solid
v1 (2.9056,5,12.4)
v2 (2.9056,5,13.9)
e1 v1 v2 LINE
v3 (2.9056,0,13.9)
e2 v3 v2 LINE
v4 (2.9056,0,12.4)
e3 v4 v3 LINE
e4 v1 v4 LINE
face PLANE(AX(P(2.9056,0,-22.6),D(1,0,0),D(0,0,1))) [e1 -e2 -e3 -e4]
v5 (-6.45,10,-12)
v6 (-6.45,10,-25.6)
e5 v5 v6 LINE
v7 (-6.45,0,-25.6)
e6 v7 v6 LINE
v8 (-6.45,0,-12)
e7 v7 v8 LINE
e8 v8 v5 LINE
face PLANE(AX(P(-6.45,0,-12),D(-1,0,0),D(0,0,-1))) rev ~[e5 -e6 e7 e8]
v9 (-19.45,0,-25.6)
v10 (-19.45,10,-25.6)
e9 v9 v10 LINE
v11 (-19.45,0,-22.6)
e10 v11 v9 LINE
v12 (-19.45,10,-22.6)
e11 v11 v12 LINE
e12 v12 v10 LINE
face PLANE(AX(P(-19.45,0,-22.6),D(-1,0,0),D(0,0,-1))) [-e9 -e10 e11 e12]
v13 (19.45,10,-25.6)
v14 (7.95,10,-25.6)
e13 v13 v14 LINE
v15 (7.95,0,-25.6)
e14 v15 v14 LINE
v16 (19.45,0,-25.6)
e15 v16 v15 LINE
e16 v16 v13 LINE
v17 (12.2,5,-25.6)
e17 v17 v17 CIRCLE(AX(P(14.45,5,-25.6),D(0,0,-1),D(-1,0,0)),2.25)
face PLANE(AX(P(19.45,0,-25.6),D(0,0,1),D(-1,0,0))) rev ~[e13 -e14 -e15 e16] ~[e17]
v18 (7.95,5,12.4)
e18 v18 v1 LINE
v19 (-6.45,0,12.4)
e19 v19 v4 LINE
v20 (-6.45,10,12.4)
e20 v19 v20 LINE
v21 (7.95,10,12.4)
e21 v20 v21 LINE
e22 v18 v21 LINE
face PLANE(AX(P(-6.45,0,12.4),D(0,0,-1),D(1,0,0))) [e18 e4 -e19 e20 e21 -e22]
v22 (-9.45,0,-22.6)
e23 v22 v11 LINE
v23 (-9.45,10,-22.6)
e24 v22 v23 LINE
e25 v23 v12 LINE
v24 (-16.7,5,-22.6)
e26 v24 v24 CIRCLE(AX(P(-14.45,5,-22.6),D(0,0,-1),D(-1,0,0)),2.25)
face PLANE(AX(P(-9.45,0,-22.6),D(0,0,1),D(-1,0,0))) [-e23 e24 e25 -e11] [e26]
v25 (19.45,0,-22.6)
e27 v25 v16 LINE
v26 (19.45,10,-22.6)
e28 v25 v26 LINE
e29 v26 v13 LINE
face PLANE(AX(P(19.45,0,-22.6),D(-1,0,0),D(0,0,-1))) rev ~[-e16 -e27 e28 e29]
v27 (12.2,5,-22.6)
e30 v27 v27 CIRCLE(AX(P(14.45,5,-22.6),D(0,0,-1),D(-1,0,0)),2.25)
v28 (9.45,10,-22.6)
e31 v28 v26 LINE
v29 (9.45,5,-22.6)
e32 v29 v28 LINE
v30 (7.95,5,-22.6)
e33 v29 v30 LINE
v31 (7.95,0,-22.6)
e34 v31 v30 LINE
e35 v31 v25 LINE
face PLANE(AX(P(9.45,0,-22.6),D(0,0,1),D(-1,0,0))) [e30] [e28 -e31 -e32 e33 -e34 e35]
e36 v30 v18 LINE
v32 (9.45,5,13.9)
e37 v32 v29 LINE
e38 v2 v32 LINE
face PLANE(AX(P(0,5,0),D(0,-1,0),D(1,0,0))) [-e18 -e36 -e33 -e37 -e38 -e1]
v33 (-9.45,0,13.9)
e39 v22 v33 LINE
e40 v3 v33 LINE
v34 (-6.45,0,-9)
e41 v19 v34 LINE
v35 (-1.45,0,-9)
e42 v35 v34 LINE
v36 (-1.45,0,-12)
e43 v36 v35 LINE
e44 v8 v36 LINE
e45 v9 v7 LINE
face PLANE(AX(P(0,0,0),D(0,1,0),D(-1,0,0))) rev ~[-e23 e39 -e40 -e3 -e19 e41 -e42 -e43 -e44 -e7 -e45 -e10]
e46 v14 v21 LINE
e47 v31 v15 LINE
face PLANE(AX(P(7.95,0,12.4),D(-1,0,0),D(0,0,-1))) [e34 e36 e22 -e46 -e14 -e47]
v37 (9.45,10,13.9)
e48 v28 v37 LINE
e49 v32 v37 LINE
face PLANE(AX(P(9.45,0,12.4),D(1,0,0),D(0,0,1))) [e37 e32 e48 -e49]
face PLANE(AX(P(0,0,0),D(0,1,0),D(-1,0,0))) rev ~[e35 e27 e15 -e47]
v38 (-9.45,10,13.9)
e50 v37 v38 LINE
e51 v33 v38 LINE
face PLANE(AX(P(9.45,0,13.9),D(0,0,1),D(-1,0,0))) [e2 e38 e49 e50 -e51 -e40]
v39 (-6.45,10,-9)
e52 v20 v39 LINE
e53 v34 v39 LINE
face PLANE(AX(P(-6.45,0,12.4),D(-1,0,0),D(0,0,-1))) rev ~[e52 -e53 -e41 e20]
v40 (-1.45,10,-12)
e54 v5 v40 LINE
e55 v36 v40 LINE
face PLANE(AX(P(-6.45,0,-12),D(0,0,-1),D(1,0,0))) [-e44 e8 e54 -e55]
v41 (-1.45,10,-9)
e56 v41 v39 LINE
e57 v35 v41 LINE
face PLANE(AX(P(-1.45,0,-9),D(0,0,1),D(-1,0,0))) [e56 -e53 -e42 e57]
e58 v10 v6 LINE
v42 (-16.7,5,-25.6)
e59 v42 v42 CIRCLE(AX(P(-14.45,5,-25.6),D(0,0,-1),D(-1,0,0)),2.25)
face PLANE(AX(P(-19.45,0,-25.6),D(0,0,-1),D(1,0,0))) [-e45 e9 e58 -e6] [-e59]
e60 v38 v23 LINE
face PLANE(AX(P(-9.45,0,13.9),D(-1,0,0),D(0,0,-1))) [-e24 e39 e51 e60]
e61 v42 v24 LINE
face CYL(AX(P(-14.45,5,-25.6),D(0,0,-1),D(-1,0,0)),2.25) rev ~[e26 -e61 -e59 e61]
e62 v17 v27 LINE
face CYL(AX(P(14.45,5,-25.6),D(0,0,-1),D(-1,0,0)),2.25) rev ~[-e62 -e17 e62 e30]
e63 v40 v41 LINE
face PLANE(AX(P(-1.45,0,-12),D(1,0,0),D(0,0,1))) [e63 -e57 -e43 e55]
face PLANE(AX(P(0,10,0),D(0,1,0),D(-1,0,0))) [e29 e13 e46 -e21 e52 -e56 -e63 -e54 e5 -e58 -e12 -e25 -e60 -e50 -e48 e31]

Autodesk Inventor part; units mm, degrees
ref_plane "YZ Plane" through (0, 0, 0) normal (1, 0, 0) x (0, 1, 0)
ref_plane "XZ Plane" through (0, 0, 0) normal (0, 1, 0) x (-1, 0, 0)
ref_plane "XY Plane" through (0, 0, 0) normal (0, 0, 1) x (1, 0, 0)
sketch "Sketch1" plane through (0, 0, 0) normal (0, 1, 0) x (-1, 0, 0)
  line L0 (-9.45, 13.9) -> (9.45, 13.9)
  line L1 (9.45, 13.9) -> (9.45, 12.4)
  line L2 (9.45, 12.4) -> (-9.45, 12.4)
  line L3 (-9.45, 12.4) -> (-9.45, 13.9)
  line L4 (9.45, 12.4) -> (6.45, 12.4)
  line L5 (6.45, 12.4) -> (6.45, -9)
  line L6 (6.45, -9) -> (9.45, -9)
  line L7 (9.45, -9) -> (9.45, 12.4)
  line L8 (-9.45, 12.4) -> (-7.95, 12.4)
  line L9 (-7.95, 12.4) -> (-7.95, -9)
  line L10 (-7.95, -9) -> (-9.45, -9)
  line L11 (-9.45, -9) -> (-9.45, 12.4)
  line L12 (-7.95, -7.6) -> (-9.45, -7.6)
  line L13 (-9.45, -7.6) -> (-9.45, -10.6)
  line L14 (-9.45, -10.6) -> (-7.95, -10.6)
  line L15 (-7.95, -10.6) -> (-7.95, -7.6)
  line L16 (1.45, -9) -> (9.45, -9)
  line L17 (9.45, -9) -> (9.45, -12)
  line L18 (9.45, -12) -> (1.45, -12)
  line L19 (1.45, -12) -> (1.45, -9)
  line L20 (-9.45, -10.6) -> (-7.95, -10.6)
  line L21 (-7.95, -10.6) -> (-7.95, -22.6)
  line L22 (-7.95, -22.6) -> (-9.45, -22.6)
  line L23 (-9.45, -22.6) -> (-9.45, -10.6)
  line L24 (9.45, -12) -> (6.45, -12)
  line L25 (6.45, -12) -> (6.45, -22.6)
  line L26 (6.45, -22.6) -> (9.45, -22.6)
  line L27 (9.45, -22.6) -> (9.45, -12)
  line L28 (-7.95, -22.6) -> (-19.45, -22.6)
  line L29 (-19.45, -22.6) -> (-19.45, -25.6)
  line L30 (-19.45, -25.6) -> (-7.95, -25.6)
  line L31 (-7.95, -25.6) -> (-7.95, -22.6)
  line L32 (6.45, -22.6) -> (19.45, -22.6)
  line L33 (19.45, -22.6) -> (19.45, -25.6)
  line L34 (19.45, -25.6) -> (6.45, -25.6)
  line L35 (6.45, -25.6) -> (6.45, -22.6)
  line L36 (-14.45, -26) -> (-14.45, -42) construction
  line L37 (14.45, -27) -> (14.45, -42) construction
  point P0 (0, 0)
  point P1 (0, 12.4)
  dimension "d0" = 1.5
  dimension "d1" = 3
  dimension "d2" = 1.5
  dimension "d3" = 3
  dimension "d4" = 3
  dimension "d5" = 0
  dimension "d6" = 5
  dimension "d7" = 14.4
  dimension "d8" = 21.4
  dimension "d9" = 20
  dimension "d12" = 0
  dimension "d13" = 0
  dimension "d20" = 12
  dimension "d21" = 10
  dimension "d22" = 1.5
  dimension "d23" = 3
  dimension "d24" = 10
  dimension "d25" = 3
  dimension "d26" = 3
  dimension "d33" = 5
  dimension "d34" = 5
  dimension "d35" = 28.9
extrude "Extrusion1" add sketch "Sketch1" along normal blind 10
sketch "Sketch6" plane through (19.45, 0, -25.6) normal (0, 0, -1) x (-1, 0, 0)
  line L0 (0, 10) -> (11.5, 10) projected
  line L1 (0, 0) -> (10, 0)
  line L2 (10, 0) -> (10, 10)
  line L3 (10, 10) -> (0, 10)
  line L4 (0, 10) -> (0, 0)
  circle A0 centre (5, 5) radius 2.25
  point P0 (19.45, 0)
  dimension "d27" = 4.5
sketch "Sketch7" plane through (-6.45, 0, -25.6) normal (0, 0, -1) x (-1, 0, 0)
  line L0 (0, 10) -> (13, 10) projected
  line L1 (13, 0) -> (3, 0)
  line L2 (3, 0) -> (3, 10)
  line L3 (3, 10) -> (13, 10)
  line L4 (13, 10) -> (13, 0)
  circle A0 centre (8, 5) radius 2.25
  point P0 (-6.45, 0)
  dimension "d28" = 4.5
extrude "Extrusion4" cut sketch "Sketch6" against normal blind 4 contours A0
extrude "Extrusion5" cut sketch "Sketch7" against normal blind 4 contours A0
sketch "Sketch8" plane through (0, 0, 0) normal (0, -1, 0) x (1, 0, 0)
  line L0 (2.9056, 13.9) -> (14.45, 13.9)
  line L1 (14.45, 13.9) -> (14.45, -22.6)
  line L2 (14.45, -22.6) -> (2.9056, -22.6)
  line L3 (2.9056, -22.6) -> (2.9056, 13.9)
  line L4 (9.45, -22.6) -> (19.45, -22.6) projected
  line L5 (-9.45, 13.9) -> (9.45, 13.9) projected
  point P0 (0, 0)
extrude "Extrusion6" cut sketch "Sketch8" against normal blind 5
equation "\"sp\" = 0.4"
properties part number "MotorMount"
